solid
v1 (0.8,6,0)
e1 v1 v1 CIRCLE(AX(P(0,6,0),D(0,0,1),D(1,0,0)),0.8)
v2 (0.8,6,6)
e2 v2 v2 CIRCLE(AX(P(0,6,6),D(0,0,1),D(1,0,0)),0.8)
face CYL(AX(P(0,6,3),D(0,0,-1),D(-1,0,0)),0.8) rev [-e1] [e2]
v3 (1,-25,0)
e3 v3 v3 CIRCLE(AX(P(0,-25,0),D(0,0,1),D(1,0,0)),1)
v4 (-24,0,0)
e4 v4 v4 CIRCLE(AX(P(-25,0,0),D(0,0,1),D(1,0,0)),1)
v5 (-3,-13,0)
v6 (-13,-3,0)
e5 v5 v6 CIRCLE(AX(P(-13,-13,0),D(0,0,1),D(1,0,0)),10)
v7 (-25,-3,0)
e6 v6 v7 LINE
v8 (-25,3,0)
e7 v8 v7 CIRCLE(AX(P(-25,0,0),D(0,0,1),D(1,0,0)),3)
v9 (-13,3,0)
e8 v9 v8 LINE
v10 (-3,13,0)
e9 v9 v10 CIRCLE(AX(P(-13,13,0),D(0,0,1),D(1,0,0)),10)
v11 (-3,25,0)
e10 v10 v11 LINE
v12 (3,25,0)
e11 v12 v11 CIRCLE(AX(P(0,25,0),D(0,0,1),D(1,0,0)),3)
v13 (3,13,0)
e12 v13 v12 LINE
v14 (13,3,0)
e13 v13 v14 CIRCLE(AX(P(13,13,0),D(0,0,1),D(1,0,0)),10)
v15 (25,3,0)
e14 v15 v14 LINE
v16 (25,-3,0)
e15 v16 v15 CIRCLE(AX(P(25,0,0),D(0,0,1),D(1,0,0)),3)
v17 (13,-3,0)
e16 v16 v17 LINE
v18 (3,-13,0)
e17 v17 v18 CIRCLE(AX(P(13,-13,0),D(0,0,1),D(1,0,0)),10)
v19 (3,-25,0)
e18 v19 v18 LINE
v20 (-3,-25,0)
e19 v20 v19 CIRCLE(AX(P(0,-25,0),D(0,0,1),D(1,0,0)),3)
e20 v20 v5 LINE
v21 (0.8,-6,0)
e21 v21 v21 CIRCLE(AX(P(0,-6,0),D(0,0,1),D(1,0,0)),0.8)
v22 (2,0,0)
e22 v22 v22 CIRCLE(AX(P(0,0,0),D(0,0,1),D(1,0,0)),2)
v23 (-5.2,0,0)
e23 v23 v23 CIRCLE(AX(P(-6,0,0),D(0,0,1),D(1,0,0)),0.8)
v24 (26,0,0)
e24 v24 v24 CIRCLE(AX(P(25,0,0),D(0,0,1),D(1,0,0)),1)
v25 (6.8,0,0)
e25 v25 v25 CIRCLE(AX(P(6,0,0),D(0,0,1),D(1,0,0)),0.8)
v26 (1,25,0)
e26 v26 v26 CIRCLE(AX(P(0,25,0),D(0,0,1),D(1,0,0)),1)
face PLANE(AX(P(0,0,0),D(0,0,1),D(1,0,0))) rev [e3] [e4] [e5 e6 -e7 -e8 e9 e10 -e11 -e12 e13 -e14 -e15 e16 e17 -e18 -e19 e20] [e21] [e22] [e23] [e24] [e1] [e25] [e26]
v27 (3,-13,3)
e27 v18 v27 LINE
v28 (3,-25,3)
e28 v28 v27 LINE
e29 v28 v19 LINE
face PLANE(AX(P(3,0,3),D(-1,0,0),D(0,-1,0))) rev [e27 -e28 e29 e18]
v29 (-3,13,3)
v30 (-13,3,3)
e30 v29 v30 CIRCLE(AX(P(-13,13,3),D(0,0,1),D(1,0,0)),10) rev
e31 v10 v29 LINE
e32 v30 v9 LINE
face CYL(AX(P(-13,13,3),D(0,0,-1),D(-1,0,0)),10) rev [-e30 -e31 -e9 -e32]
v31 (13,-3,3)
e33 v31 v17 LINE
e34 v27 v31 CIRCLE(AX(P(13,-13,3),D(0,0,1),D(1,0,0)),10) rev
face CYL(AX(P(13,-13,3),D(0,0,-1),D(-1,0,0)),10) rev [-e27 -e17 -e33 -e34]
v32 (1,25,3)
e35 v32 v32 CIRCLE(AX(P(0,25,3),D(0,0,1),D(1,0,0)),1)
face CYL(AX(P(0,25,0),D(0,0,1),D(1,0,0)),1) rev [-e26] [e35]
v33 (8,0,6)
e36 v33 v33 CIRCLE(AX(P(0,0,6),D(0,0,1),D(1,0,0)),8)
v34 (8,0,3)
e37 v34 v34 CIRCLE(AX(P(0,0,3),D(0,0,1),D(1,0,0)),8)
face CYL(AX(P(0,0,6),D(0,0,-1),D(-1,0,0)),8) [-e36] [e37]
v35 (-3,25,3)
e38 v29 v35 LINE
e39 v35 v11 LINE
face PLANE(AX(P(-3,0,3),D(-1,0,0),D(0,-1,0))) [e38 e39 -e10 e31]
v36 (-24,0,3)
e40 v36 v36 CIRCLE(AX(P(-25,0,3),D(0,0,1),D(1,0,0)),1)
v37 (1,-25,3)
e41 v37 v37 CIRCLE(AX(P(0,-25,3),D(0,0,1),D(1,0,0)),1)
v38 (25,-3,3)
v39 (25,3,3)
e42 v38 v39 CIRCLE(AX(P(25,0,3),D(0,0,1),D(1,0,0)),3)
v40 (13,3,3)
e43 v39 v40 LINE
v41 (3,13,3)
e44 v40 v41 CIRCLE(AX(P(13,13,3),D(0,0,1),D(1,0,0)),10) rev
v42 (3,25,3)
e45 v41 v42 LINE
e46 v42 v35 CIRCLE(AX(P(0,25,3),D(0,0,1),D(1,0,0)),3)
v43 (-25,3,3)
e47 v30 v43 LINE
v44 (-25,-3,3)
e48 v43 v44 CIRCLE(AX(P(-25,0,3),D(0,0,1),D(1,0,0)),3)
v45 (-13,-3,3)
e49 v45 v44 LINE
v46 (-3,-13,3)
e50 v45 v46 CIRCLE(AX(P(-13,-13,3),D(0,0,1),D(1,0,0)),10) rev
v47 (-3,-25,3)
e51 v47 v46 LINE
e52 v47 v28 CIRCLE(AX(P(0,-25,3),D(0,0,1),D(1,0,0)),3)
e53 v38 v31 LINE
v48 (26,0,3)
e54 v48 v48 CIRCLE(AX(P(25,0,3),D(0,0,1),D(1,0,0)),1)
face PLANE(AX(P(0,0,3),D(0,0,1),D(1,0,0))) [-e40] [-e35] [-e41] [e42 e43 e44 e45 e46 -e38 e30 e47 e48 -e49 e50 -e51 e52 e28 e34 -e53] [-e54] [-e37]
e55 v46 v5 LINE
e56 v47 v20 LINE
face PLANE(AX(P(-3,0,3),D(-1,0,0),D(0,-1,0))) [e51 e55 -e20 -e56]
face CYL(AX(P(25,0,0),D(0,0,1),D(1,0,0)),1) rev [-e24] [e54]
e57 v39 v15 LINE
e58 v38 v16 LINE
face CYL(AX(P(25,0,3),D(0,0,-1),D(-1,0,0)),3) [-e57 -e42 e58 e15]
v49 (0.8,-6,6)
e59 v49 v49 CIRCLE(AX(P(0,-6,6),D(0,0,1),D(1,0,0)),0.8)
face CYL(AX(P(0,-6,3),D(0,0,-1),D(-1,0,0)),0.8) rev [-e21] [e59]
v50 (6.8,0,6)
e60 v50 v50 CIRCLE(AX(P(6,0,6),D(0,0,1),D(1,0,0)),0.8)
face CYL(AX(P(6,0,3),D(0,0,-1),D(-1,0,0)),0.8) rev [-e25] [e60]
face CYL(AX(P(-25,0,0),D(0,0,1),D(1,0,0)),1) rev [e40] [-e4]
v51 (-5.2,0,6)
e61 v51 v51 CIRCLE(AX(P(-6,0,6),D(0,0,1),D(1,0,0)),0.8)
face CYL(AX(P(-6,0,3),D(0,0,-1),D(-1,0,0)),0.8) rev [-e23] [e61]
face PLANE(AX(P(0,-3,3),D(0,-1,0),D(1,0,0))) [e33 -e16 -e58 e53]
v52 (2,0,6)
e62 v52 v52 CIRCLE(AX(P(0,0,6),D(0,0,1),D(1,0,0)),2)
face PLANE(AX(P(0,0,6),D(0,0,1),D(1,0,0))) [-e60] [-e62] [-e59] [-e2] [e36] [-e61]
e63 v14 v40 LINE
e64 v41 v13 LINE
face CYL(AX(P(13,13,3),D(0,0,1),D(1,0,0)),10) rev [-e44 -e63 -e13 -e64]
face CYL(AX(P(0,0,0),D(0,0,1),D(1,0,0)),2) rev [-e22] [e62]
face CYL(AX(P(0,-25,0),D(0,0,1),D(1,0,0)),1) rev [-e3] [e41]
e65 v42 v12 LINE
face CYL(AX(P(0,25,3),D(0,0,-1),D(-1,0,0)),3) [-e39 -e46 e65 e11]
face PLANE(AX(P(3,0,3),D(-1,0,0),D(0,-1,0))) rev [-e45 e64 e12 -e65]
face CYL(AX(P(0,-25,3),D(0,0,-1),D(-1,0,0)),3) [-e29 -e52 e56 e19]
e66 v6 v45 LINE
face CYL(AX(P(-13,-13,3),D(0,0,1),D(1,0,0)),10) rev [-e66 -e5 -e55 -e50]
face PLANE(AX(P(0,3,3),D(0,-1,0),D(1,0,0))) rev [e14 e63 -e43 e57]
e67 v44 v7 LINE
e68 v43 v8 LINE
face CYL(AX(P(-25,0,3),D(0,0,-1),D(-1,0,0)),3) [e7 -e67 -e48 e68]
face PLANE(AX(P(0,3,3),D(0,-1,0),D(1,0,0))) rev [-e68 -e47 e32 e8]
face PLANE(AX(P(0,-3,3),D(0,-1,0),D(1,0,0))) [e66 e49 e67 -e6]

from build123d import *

# Parameters (mm, degrees)
SKETCH1_R           = 0.8
BOSS_EXTRUDE1_DEPTH = 3
FILLET1_R           = 10
SKETCH2_R           = 2
CUT_EXTRUDE1_DEPTH  = 3
SKETCH3_R           = 8
SKETCH3_R_2         = 2
SKETCH3_R_3         = 0.8
BOSS_EXTRUDE2_DEPTH = 3
SKETCH4_R           = 1
CUT_EXTRUDE2_DEPTH  = 3


with BuildPart() as part:
    # Sketch1 → Boss-Extrude1 (new body)
    # profile 1 of 2: a face of its own
    with BuildSketch(Plane.XY):
        with BuildLine():
            Line((25, -3), (-25, -3))
            ThreePointArc((-25, -3), (-28, 0), (-25, 3))
            Line((-25, 3), (25, 3))
            ThreePointArc((25, 3), (28, 0), (25, -3))
        make_face()
        with Locations((-6, 0)):
            Circle(SKETCH1_R, mode=Mode.SUBTRACT)
        with Locations((6, 0)):
            Circle(SKETCH1_R, mode=Mode.SUBTRACT)
    # profile 2 of 2: a face of its own
    with BuildSketch(Plane.XY):
        with BuildLine():
            Line((-3, -25), (-3, 25))
            ThreePointArc((-3, 25), (0, 28), (3, 25))
            Line((3, 25), (3, -25))
            ThreePointArc((3, -25), (0, -28), (-3, -25))
        make_face()
        with Locations((0, 6)):
            Circle(SKETCH1_R, mode=Mode.SUBTRACT)
        with Locations((0, -6)):
            Circle(SKETCH1_R, mode=Mode.SUBTRACT)
    extrude(amount=BOSS_EXTRUDE1_DEPTH)

    # Fillet1
    fillet1_edges = [part.edges().sort_by_distance(p)[0] for p in [
        (3, -3, 1.5),
        (-3, -3, 1.5),
        (-3, 3, 1.5),
        (3, 3, 1.5),
    ]]
    fillet(fillet1_edges, radius=FILLET1_R)

    # Sketch2 → Cut-Extrude1 (cut)
    with BuildSketch(Plane.XY.offset(3)):
        Circle(SKETCH2_R)
    extrude(amount=-CUT_EXTRUDE1_DEPTH, mode=Mode.SUBTRACT)

    # Sketch3 → Boss-Extrude2 (add)
    with BuildSketch(Plane.XY.offset(3)):
        Circle(SKETCH3_R)
        Circle(SKETCH3_R_2, mode=Mode.SUBTRACT)
        with Locations((0, 6)):
            Circle(SKETCH3_R_3, mode=Mode.SUBTRACT)
        with Locations((6, 0)):
            Circle(SKETCH3_R_3, mode=Mode.SUBTRACT)
        with Locations((0, -6)):
            Circle(SKETCH3_R_3, mode=Mode.SUBTRACT)
        with Locations((-6, 0)):
            Circle(SKETCH3_R_3, mode=Mode.SUBTRACT)
    extrude(amount=BOSS_EXTRUDE2_DEPTH)

    # Sketch4 → Cut-Extrude2 (cut)
    with BuildSketch(Plane.XY.offset(3)):
        with Locations((0, 25)):
            Circle(SKETCH4_R)
        with Locations((25, 0)):
            Circle(SKETCH4_R)
        with Locations((0, -25)):
            Circle(SKETCH4_R)
        with Locations((-25, 0)):
            Circle(SKETCH4_R)
    extrude(amount=-CUT_EXTRUDE2_DEPTH, mode=Mode.SUBTRACT)


solid = part.part
